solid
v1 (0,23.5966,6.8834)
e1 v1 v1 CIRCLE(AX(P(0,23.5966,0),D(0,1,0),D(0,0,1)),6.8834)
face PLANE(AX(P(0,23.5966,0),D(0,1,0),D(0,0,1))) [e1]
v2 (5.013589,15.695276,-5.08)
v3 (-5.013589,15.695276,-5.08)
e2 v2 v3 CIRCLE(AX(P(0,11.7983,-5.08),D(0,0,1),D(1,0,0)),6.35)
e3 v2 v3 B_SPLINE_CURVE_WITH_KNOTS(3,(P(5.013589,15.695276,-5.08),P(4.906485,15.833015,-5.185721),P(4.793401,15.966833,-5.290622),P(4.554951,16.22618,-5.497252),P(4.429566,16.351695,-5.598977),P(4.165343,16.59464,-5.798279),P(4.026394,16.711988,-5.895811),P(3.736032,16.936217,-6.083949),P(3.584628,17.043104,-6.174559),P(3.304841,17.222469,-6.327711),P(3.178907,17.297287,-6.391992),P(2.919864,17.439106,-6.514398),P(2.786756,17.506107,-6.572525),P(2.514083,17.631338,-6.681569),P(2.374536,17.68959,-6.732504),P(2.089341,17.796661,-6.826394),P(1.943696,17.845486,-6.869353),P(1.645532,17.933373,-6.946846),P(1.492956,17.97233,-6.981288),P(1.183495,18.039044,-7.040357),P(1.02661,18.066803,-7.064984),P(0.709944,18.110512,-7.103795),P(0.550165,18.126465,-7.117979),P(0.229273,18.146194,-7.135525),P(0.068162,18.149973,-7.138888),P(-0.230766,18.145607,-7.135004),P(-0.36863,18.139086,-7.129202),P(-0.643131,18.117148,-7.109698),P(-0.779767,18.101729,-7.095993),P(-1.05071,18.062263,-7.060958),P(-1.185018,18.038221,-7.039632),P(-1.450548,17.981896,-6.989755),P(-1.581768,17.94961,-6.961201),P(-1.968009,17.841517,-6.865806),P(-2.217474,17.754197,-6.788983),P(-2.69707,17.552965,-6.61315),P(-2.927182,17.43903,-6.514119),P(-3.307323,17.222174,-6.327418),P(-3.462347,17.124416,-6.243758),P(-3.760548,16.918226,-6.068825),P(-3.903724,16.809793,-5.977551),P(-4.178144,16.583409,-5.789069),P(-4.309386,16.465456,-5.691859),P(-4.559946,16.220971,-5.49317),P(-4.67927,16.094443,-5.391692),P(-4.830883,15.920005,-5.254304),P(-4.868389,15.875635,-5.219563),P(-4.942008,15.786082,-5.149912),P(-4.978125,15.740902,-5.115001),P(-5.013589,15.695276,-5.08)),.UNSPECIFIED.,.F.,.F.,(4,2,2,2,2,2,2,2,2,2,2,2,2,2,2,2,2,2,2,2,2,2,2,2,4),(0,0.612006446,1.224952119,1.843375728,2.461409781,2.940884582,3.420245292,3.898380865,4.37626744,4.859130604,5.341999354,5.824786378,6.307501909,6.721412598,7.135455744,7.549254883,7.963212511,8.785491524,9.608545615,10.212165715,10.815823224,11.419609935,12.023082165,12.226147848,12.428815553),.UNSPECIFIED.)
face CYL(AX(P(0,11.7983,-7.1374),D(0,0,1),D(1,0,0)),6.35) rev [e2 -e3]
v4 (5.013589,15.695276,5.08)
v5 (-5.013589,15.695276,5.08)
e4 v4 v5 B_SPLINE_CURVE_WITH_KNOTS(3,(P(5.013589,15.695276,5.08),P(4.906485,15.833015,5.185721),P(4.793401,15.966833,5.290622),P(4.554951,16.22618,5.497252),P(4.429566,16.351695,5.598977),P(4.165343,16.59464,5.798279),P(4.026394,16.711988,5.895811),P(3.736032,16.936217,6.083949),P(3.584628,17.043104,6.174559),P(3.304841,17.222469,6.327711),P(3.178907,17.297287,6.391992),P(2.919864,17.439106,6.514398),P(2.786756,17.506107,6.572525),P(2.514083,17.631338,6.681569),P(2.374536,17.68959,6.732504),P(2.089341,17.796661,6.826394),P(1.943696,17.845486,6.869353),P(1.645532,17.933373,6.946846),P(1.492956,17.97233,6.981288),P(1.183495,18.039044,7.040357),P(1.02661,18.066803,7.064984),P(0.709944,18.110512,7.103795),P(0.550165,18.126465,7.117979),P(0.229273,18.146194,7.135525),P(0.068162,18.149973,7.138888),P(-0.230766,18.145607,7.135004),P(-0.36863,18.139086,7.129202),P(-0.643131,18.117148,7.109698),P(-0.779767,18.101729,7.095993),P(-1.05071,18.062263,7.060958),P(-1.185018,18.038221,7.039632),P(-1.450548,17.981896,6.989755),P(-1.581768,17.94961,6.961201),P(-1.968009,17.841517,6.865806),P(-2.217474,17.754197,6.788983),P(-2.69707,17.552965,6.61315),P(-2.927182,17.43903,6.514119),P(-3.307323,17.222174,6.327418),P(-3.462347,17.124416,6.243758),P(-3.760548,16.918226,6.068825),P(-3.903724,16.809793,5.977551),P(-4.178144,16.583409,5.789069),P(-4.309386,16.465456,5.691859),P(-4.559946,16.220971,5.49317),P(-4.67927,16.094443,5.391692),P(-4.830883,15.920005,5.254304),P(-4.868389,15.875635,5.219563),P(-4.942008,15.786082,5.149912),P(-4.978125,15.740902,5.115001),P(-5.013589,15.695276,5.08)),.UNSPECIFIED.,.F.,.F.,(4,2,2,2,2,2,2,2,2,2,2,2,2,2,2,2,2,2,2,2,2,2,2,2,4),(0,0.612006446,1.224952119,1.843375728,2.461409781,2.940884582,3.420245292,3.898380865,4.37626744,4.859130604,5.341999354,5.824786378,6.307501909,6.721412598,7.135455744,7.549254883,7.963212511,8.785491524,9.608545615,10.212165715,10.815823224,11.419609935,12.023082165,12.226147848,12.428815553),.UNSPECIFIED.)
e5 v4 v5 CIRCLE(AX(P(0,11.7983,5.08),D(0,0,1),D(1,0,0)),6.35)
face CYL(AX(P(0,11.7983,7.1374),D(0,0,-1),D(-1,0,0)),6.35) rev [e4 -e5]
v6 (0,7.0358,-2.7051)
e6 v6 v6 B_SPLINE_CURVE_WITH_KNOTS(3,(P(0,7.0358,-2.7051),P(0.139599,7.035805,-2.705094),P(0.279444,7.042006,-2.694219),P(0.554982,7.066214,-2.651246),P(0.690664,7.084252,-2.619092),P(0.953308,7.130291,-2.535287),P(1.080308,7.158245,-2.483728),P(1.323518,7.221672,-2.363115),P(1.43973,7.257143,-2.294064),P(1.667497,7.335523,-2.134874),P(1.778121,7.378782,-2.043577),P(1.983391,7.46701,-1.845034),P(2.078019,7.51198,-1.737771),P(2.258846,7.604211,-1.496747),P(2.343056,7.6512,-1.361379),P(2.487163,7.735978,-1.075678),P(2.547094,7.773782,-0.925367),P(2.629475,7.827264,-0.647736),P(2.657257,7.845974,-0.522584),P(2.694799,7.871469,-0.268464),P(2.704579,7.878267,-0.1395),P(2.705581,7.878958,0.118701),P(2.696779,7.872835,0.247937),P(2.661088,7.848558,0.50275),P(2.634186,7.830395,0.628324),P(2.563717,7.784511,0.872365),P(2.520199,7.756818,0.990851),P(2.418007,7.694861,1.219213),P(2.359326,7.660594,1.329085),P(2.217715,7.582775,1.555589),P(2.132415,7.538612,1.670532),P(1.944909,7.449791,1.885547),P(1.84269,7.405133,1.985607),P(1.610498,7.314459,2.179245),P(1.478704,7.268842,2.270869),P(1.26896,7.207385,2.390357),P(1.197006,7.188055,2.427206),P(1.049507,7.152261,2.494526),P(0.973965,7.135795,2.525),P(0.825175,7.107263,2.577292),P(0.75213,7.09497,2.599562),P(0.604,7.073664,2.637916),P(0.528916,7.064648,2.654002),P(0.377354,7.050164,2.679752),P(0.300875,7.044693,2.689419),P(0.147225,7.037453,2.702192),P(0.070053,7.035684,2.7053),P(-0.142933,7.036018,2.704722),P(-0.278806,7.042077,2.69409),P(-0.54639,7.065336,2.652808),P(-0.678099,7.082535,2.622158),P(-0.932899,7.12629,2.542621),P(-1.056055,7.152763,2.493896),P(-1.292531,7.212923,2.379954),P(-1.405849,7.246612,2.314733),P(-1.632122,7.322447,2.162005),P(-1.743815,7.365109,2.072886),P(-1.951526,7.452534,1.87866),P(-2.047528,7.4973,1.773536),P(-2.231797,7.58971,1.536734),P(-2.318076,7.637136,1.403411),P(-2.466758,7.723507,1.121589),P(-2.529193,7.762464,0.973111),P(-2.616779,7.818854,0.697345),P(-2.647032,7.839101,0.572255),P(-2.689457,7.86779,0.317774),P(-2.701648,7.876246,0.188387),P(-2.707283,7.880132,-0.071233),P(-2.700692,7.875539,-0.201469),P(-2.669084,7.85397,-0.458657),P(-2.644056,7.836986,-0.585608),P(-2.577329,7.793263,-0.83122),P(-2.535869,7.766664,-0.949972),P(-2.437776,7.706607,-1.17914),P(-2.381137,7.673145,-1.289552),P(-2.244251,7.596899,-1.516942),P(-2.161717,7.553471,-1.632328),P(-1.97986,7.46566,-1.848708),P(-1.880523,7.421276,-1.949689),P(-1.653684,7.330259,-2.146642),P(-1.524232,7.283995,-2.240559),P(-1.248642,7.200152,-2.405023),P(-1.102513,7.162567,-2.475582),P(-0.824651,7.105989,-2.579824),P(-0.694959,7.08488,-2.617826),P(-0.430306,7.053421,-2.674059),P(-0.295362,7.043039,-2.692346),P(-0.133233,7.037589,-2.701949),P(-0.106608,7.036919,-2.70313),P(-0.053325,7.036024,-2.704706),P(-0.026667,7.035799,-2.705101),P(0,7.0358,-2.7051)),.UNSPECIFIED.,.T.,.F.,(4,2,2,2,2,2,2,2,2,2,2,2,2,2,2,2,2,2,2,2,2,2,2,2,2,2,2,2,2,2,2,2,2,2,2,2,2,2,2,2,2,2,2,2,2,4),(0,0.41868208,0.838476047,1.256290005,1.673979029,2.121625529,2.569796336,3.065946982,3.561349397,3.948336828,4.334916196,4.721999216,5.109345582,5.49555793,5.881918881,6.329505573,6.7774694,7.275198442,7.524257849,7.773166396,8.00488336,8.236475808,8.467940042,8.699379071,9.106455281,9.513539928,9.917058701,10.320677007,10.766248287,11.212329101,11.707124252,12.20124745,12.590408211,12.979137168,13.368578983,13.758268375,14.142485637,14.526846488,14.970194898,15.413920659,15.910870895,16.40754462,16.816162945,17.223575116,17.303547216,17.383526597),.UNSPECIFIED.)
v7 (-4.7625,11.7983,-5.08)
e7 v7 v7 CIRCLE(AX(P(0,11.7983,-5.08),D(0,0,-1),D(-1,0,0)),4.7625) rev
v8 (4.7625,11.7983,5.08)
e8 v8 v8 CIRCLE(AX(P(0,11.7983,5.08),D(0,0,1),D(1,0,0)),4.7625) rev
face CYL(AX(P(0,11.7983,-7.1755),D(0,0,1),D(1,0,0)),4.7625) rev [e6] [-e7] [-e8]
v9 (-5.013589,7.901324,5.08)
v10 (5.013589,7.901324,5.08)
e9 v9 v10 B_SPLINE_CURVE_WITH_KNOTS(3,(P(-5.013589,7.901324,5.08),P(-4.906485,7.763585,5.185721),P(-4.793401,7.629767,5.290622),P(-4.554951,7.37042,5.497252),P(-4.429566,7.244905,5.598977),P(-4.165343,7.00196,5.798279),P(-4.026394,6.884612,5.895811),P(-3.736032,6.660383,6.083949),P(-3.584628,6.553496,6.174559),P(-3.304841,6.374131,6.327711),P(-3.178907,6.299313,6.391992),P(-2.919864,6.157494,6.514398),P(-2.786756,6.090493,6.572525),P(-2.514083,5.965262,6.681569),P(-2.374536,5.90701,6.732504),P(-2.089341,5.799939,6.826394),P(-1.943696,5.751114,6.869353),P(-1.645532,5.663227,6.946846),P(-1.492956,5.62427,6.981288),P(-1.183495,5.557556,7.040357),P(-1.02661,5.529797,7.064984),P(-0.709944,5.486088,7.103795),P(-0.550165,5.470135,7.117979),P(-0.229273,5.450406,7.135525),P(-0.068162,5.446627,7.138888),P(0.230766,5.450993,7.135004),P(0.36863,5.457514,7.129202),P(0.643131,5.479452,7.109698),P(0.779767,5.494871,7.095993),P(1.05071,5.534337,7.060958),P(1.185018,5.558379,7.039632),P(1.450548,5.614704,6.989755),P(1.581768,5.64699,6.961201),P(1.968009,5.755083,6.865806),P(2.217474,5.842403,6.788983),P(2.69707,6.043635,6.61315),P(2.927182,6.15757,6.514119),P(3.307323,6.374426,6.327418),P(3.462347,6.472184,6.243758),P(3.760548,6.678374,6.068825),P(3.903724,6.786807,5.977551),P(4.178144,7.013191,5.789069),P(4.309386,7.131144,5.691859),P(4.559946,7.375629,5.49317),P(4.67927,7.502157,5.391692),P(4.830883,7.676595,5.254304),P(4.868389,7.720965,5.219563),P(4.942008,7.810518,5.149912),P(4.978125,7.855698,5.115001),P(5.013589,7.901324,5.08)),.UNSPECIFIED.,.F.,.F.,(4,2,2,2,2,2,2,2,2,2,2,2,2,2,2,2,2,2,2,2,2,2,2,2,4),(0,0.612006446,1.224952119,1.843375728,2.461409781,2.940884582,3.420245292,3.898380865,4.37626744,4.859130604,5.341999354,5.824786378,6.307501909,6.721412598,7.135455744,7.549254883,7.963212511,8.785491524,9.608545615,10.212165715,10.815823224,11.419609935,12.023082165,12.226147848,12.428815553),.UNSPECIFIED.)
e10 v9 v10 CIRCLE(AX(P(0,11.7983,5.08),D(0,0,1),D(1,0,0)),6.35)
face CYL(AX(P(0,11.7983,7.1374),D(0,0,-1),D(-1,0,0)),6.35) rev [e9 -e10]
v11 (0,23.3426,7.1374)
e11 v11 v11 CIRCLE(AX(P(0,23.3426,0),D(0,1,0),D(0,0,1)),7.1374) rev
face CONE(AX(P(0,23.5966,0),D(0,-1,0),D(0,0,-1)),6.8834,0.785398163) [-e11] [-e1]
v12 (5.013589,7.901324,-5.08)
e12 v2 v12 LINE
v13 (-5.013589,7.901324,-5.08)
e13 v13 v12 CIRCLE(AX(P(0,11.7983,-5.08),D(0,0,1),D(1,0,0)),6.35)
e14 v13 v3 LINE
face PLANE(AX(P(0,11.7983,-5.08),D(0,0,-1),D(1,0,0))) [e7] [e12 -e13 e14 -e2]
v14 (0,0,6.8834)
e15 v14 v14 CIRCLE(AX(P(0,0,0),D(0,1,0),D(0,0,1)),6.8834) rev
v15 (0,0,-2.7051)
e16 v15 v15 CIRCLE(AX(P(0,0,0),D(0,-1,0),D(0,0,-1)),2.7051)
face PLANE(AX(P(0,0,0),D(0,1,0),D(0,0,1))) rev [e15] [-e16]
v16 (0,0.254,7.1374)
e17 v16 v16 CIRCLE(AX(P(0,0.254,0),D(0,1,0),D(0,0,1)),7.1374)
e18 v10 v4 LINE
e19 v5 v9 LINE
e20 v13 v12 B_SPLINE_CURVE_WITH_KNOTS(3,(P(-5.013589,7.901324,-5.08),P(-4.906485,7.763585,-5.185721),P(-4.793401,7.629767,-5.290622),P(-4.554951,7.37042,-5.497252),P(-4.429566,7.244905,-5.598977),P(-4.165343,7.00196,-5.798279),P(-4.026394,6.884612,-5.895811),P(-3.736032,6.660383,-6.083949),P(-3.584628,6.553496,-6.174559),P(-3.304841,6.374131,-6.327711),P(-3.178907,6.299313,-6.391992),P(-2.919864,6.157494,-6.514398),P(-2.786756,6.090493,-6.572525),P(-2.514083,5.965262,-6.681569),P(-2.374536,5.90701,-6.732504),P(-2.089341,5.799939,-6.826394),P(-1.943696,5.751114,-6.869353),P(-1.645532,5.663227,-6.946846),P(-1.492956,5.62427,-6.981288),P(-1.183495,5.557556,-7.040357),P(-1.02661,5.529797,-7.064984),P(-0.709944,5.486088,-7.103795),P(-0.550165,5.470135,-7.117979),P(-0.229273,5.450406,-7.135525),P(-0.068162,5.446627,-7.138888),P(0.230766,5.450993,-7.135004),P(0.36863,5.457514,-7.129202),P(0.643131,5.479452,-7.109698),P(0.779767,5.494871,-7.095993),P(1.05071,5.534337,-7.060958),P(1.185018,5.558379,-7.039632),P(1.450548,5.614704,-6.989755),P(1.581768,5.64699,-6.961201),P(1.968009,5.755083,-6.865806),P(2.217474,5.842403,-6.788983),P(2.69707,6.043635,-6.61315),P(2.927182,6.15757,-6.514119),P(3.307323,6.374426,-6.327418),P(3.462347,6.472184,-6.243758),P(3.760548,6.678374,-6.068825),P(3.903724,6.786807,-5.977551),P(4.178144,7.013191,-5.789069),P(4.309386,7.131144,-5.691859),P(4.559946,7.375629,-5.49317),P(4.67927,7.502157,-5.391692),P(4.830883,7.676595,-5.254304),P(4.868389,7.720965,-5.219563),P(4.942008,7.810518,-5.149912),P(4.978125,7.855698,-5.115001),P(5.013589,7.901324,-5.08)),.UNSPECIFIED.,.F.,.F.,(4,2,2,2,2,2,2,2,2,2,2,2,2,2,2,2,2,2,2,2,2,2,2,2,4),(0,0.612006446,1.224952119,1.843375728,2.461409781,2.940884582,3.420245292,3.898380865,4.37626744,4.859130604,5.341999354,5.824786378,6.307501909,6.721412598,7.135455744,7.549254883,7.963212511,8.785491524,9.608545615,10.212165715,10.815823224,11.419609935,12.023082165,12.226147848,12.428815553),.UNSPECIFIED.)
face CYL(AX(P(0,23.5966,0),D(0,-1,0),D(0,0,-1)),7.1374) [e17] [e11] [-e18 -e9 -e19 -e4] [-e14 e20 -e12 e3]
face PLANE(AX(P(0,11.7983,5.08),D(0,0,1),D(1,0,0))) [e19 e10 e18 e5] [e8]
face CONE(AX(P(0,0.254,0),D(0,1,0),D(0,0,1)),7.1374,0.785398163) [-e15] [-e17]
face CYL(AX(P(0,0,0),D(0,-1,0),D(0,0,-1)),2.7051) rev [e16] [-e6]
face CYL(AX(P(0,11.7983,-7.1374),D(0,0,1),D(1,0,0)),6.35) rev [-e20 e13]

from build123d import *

# Parameters (mm, degrees)
SKETCH1_R                    = 7.1374
BOSS_EXTRUDE1_DEPTH          = 23.5966
CHAMFER1_SIZE                = 0.254
CHAMFER2_SIZE                = 0.254
SKETCH2_R                    = 4.7625
CUT_EXTRUDE1_DEPTH           = 7.1755
SKETCH3_R                    = 6.35
CUT_EXTRUDE2_DEPTH           = 28.513757958
F_1_4_28_TAPPED_HOLE1_REACH  = 27.665
F_1_4_28_TAPPED_HOLE1_BORE_R = 2.7051


with BuildPart() as part:
    # Sketch1 → Boss-Extrude1 (new body)
    with BuildSketch(Plane(origin=(0, 0, 0), x_dir=(1, 0, 0), z_dir=(0, 1, 0))):
        with Locations(Location((0, 0, 0), (0, 0, 90))):
            Circle(SKETCH1_R)
    extrude(amount=BOSS_EXTRUDE1_DEPTH)

    # Chamfer1
    chamfer1_edges = [part.edges().sort_by_distance(p)[0] for p in [
        (0, 0, 7.1374),
    ]]
    chamfer(chamfer1_edges, length=CHAMFER1_SIZE)

    # Chamfer2
    chamfer2_edges = [part.edges().sort_by_distance(p)[0] for p in [
        (0, 23.5966, 7.1374),
    ]]
    chamfer(chamfer2_edges, length=CHAMFER2_SIZE)

    # Sketch2 → Cut-Extrude1 (cut, symmetric)
    with BuildSketch(Plane.XY):
        with Locations(Location((0, 11.7983, 0), (0, 0, 89.999999998))):
            Circle(SKETCH2_R)
    extrude(amount=CUT_EXTRUDE1_DEPTH, both=True, mode=Mode.SUBTRACT)

    # Sketch3 → Cut-Extrude2 (cut, through all)
    with BuildSketch(Plane.XY.offset(5.08)):
        with Locations((0, 11.7983)):
            Circle(SKETCH3_R)
    cut_extrude2 = extrude(amount=CUT_EXTRUDE2_DEPTH, mode=Mode.SUBTRACT)

    # Mirror1: Cut-Extrude2 across plane
    add(cut_extrude2.mirror(Plane.XY), mode=Mode.SUBTRACT)

    # 1/4-28 Tapped Hole1 bore → 1/4-28 Tapped Hole1 (cut, up to next)
    with BuildSketch(Plane(origin=(0, 0, 0), x_dir=(-1, 0, 0), z_dir=(0, -1, 0)), mode=Mode.PRIVATE) as f_1_4_28_tapped_hole1_sk1:
        Circle(F_1_4_28_TAPPED_HOLE1_BORE_R)
    f_1_4_28_tapped_hole1_tool1 = extrude(f_1_4_28_tapped_hole1_sk1.sketch, amount=-F_1_4_28_TAPPED_HOLE1_REACH, mode=Mode.PRIVATE) & part.part
    add(f_1_4_28_tapped_hole1_tool1.solids().sort_by_distance((0, 0, 0))[0], mode=Mode.SUBTRACT)


solid = part.part
